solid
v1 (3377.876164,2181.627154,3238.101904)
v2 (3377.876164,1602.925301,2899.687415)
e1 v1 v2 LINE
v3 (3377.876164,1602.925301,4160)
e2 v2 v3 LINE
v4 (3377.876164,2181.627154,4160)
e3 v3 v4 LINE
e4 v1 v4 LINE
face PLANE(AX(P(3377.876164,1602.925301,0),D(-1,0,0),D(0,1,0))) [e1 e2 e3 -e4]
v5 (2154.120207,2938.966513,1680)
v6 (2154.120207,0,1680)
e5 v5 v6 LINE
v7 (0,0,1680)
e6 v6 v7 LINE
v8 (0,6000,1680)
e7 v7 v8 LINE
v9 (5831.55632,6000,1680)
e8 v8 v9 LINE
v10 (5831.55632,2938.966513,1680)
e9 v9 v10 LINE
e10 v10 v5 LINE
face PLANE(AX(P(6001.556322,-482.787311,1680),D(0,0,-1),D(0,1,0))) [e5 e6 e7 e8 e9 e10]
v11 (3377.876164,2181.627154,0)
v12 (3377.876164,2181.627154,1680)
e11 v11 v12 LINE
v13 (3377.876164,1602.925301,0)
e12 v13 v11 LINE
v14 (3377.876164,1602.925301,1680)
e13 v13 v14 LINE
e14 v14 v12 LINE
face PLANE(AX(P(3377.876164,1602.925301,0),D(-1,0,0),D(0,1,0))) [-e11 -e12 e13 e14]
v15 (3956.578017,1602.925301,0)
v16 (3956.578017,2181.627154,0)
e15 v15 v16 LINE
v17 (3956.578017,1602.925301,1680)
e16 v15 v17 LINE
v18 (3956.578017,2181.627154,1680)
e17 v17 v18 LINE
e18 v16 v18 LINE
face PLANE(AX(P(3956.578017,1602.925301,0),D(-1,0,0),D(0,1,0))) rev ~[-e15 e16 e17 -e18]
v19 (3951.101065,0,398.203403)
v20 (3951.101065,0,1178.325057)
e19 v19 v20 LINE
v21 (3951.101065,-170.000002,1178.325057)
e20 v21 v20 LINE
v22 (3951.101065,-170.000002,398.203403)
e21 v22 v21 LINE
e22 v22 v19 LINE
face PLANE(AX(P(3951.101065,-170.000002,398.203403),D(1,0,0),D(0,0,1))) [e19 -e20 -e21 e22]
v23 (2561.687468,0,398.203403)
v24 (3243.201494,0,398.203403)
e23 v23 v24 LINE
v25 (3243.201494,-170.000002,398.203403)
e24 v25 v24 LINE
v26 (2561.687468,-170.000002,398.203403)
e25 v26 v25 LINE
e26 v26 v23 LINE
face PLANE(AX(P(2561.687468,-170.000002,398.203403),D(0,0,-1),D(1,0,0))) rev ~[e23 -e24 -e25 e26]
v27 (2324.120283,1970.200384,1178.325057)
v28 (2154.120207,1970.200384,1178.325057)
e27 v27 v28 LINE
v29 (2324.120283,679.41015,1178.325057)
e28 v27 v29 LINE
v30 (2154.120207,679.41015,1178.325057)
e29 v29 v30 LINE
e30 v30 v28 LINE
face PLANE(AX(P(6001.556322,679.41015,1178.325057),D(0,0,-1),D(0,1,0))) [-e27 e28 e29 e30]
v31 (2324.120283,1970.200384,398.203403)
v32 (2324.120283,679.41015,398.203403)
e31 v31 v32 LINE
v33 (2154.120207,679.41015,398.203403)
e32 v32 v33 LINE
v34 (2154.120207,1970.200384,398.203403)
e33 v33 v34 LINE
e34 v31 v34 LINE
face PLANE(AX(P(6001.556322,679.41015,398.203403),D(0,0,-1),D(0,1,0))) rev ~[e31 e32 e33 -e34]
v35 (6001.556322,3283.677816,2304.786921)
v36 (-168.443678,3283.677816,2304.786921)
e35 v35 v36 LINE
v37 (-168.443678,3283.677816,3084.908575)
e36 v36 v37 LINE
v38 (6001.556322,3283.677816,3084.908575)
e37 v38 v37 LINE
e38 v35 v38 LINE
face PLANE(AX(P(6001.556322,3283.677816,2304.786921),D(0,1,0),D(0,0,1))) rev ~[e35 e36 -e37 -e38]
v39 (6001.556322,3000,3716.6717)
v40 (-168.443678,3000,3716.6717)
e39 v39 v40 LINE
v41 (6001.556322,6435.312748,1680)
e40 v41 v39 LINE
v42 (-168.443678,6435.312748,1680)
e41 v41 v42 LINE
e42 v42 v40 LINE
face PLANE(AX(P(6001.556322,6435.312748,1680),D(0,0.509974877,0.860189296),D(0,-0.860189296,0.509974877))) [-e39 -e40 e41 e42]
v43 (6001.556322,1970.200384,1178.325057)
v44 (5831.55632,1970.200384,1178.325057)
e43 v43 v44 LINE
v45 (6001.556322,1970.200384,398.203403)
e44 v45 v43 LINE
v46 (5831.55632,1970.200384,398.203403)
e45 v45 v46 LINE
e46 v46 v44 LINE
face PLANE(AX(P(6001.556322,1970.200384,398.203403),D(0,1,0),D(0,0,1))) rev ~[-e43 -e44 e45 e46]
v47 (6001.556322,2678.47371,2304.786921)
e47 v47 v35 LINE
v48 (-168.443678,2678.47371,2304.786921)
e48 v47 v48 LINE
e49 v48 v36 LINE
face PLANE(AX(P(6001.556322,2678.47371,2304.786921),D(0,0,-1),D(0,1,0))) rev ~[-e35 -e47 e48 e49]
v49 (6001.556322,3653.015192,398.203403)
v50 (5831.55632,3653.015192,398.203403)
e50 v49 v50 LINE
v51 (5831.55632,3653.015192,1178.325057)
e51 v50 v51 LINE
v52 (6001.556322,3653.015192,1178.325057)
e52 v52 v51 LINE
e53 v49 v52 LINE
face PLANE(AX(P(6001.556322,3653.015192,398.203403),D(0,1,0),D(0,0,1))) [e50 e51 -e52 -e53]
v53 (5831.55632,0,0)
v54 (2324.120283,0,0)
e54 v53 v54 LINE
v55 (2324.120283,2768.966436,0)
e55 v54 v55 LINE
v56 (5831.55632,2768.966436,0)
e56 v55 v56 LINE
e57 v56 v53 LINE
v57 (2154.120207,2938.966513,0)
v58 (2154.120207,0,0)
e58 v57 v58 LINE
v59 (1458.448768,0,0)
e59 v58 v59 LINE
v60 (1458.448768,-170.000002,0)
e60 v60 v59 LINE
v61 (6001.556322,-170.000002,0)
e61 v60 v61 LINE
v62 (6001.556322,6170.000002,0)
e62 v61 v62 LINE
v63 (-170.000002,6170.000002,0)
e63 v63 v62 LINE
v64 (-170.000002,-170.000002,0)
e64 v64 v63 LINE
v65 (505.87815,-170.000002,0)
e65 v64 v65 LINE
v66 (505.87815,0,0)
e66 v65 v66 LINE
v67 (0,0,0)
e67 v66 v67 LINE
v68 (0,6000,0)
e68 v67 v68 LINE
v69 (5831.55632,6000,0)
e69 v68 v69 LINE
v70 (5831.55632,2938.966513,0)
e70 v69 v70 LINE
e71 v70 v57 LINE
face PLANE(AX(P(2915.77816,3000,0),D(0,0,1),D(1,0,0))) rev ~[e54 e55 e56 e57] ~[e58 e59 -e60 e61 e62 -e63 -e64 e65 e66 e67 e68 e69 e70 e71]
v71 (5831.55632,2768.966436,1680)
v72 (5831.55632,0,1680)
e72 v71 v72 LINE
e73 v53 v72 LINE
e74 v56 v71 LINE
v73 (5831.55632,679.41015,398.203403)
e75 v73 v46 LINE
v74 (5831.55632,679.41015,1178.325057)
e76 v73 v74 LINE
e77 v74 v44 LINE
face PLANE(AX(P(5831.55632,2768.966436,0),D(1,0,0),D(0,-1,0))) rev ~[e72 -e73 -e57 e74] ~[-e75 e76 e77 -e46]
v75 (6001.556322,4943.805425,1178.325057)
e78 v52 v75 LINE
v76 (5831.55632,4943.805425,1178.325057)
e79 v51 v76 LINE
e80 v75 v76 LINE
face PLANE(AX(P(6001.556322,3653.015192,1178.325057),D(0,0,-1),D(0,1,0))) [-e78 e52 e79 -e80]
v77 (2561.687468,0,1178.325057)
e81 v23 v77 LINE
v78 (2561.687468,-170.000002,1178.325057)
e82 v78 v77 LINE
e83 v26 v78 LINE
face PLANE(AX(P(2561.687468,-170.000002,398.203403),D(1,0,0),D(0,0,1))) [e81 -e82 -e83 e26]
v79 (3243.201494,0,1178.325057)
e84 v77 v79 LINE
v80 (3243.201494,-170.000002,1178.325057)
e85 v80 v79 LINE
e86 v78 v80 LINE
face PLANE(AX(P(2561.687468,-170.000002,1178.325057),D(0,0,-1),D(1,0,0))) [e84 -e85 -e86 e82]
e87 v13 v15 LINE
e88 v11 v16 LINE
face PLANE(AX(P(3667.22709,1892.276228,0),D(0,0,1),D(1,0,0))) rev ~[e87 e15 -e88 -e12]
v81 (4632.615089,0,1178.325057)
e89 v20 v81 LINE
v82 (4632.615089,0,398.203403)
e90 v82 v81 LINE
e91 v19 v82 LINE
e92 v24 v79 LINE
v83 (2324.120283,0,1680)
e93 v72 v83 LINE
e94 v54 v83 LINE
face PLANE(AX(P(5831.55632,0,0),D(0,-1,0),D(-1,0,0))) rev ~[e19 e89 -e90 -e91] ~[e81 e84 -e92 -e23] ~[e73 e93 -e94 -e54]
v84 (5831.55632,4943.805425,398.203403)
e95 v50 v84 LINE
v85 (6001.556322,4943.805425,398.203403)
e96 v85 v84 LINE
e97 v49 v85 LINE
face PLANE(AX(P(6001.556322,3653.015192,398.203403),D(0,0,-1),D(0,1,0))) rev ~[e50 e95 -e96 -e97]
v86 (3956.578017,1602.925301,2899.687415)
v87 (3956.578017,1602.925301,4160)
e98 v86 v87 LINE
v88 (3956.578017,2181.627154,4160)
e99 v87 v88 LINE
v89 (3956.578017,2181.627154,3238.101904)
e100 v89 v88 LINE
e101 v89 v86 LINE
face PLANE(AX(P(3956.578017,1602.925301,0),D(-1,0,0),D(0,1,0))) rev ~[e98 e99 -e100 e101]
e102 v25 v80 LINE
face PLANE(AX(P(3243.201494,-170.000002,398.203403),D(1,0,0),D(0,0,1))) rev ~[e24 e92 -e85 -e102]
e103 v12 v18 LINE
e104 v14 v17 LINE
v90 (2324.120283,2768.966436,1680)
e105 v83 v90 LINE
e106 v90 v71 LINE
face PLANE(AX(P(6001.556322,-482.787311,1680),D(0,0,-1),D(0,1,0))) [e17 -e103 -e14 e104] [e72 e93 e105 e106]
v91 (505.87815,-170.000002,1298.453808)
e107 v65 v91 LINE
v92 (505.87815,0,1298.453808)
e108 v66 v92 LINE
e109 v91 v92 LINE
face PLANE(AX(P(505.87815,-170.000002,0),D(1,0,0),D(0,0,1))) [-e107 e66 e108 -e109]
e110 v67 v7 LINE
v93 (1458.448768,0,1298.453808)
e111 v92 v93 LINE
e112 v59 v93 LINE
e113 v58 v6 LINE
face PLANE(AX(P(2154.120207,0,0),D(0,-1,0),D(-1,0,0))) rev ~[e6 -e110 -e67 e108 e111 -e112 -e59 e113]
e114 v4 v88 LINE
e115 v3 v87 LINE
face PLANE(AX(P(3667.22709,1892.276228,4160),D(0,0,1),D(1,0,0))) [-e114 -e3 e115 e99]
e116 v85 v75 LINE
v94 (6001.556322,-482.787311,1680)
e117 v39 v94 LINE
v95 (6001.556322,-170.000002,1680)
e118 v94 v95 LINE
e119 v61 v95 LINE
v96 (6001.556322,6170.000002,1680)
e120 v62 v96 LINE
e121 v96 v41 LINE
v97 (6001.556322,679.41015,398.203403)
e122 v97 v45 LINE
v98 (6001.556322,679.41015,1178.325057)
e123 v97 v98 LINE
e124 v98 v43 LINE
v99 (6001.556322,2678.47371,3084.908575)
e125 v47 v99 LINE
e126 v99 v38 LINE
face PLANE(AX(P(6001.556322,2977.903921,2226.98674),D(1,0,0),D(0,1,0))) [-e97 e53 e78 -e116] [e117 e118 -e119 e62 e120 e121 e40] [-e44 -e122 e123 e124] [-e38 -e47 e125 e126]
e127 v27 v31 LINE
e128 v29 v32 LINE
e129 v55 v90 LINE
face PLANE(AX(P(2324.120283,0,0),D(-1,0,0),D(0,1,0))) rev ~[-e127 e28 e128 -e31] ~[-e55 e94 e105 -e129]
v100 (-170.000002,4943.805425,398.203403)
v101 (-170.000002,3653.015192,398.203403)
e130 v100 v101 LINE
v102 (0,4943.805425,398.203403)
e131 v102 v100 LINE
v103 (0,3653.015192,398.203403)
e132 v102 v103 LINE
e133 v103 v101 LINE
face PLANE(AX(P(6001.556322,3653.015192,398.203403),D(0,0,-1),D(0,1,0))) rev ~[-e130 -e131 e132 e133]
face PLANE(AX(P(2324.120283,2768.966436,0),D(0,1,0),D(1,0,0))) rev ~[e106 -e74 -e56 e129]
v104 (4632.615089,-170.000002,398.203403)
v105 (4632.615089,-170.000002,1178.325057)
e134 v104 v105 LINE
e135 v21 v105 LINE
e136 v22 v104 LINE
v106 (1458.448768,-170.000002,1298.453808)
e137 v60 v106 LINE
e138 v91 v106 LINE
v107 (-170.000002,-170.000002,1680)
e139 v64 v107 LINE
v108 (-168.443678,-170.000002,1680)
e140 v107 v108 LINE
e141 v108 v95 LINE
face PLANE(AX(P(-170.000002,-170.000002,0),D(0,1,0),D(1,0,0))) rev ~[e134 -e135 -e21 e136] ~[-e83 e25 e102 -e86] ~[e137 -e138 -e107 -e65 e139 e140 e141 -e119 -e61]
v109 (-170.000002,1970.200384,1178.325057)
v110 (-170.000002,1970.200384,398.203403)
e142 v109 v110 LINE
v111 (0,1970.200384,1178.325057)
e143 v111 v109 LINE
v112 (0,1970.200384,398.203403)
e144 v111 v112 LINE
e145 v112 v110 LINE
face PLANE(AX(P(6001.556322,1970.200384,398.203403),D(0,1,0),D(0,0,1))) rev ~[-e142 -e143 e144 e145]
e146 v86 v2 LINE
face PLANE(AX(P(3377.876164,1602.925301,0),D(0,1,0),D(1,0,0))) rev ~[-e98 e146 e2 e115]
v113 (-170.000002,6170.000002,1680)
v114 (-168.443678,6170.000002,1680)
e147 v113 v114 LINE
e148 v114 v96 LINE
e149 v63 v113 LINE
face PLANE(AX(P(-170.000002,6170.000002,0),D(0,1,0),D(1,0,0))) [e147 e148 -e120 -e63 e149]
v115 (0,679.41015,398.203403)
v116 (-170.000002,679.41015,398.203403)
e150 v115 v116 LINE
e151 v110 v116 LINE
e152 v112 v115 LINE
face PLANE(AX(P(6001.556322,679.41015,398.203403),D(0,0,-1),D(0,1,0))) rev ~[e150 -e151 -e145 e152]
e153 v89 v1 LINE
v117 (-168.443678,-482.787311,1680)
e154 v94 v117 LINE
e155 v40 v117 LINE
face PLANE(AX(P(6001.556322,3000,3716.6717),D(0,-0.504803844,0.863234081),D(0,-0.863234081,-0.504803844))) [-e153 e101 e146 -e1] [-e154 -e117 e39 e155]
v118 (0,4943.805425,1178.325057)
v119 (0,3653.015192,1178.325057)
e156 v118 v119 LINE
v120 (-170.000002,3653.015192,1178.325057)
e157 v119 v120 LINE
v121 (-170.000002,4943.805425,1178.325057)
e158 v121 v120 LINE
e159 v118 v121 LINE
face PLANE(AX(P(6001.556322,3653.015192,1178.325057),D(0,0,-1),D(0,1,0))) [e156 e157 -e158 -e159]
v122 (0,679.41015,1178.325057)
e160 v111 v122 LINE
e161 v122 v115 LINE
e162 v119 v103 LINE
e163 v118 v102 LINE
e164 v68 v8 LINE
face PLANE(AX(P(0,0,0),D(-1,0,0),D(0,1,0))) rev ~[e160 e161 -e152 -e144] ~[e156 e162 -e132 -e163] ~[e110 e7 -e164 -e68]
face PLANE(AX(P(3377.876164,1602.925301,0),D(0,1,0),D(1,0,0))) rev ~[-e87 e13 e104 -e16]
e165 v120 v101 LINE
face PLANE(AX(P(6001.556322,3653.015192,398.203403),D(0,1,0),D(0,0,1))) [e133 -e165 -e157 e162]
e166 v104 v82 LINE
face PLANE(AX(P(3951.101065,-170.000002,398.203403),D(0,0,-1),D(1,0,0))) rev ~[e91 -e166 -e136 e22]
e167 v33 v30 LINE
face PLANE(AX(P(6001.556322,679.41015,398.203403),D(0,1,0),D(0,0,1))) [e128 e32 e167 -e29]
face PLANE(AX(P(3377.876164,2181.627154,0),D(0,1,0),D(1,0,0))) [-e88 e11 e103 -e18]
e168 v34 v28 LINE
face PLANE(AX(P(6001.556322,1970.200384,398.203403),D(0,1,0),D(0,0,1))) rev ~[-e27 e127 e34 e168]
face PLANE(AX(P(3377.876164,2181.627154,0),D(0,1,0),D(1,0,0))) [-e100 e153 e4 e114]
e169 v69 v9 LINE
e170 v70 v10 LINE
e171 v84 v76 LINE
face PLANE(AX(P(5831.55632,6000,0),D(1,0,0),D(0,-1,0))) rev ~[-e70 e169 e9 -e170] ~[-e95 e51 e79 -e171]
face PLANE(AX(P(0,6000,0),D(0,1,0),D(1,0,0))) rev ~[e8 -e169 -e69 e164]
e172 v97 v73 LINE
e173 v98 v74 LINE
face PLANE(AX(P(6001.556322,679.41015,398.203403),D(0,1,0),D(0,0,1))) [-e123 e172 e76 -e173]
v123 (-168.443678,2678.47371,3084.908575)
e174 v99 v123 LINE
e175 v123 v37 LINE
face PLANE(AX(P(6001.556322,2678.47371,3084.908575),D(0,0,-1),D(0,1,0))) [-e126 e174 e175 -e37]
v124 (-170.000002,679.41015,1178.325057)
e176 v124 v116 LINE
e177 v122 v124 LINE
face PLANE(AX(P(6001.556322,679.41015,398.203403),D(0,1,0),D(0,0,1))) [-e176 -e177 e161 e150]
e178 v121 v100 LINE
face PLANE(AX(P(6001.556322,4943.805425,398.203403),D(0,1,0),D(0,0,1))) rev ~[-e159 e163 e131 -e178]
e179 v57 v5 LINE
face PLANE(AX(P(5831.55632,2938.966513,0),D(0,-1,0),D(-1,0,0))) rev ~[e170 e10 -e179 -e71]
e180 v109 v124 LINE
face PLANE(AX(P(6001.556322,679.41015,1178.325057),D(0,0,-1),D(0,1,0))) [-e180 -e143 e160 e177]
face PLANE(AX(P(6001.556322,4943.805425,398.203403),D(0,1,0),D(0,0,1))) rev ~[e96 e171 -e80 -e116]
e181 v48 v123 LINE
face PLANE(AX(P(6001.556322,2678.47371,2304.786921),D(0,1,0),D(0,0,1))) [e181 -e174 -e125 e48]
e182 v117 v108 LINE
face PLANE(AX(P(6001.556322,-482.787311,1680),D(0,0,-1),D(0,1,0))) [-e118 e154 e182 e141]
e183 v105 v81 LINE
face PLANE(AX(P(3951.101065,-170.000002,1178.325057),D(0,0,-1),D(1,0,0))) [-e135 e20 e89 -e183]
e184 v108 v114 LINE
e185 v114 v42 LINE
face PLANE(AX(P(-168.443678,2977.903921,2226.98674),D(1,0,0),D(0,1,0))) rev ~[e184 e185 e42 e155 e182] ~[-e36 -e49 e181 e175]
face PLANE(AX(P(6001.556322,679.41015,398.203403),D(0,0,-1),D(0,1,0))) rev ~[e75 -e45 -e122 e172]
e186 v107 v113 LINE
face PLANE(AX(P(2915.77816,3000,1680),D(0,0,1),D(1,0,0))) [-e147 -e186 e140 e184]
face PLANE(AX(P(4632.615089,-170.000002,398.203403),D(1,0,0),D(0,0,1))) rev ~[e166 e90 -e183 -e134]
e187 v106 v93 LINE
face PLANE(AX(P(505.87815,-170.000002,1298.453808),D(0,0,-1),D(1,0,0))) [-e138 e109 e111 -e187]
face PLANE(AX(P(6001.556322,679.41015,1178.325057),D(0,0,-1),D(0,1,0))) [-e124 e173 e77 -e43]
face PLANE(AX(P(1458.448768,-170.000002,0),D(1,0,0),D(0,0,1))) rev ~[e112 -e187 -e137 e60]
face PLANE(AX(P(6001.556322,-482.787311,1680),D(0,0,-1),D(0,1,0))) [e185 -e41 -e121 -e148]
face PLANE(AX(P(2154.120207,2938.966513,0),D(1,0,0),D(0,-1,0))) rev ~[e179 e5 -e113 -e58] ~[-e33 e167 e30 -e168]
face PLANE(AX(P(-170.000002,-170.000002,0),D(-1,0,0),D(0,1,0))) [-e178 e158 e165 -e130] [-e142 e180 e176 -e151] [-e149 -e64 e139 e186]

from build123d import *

# Parameters (mm, degrees)
F0_W     = 6171.556324
F0_H     = 6340.000004
F1_DEPTH = 1680
F2_W     = 952.570618
F2_H     = 1298.453808
F2_W_2   = 681.514025
F2_H_2   = 780.121654
F2_W_3   = 681.514024
F3_DEPTH = 1140
F5_DEPTH = 6170
F6_W     = 1290.790233
F6_H     = 780.121654
F6_W_2   = 605.204105
F7_DEPTH = 7440
F8_W     = 578.701853
F8_H     = 578.701853
F9_DEPTH = 4160


with BuildPart() as f1:
    # F0 (on Top) → F1 (new body)
    with BuildSketch(Plane.XY):
        with Locations((2915.77816, 3000)):
            Rectangle(F0_W, F0_H)
        Polygon((2154.120207, 0), (0, 0), (0, 6000), (5831.55632, 6000), (5831.55632, 2938.966513), (5831.55632, 2768.966436), (5831.55632, 0), (2324.120283, 0), align=None, mode=Mode.SUBTRACT)
        Polygon((2154.120207, 2938.966513), (2154.120207, 0), (2324.120283, 0), (2324.120283, 2768.966436), (5831.55632, 2768.966436), (5831.55632, 2938.966513), align=None)
    extrude(amount=F1_DEPTH)

    # F2 (on face) → F3 (cut)
    with BuildSketch(Plane.XZ.offset(170.000002)):
        with Locations((982.163459, 649.226904)):
            Rectangle(F2_W, F2_H)
        with Locations((2902.444481, 788.26423)):
            Rectangle(F2_W_2, F2_H_2)
        with Locations((4291.858077, 788.26423)):
            Rectangle(F2_W_3, F2_H_2)
    extrude(amount=-F3_DEPTH, mode=Mode.SUBTRACT)

    # F4 (on face) → F5 (join)
    with BuildSketch(Plane.YZ.offset(6001.556322)):
        Polygon((3000, 3716.6717), (-482.787311, 1680), (6435.312748, 1680), align=None)
    extrude(amount=-F5_DEPTH)

    # F6 (on face) → F7 (cut)
    with BuildSketch(Plane.YZ.offset(6001.556322)):
        with Locations((1324.805267, 788.26423)):
            Rectangle(F6_W, F6_H)
        with Locations((4298.410308, 788.26423)):
            Rectangle(F6_W, F6_H)
        with Locations((2981.075763, 2694.847748)):
            Rectangle(F6_W_2, F6_H)
    extrude(amount=-F7_DEPTH, mode=Mode.SUBTRACT)

    # F8 (on Top) → F9 (join)
    with BuildSketch(Plane.XY):
        with Locations((3667.22709, 1892.276228)):
            Rectangle(F8_W, F8_H)
    extrude(amount=F9_DEPTH)


solid = f1.part
